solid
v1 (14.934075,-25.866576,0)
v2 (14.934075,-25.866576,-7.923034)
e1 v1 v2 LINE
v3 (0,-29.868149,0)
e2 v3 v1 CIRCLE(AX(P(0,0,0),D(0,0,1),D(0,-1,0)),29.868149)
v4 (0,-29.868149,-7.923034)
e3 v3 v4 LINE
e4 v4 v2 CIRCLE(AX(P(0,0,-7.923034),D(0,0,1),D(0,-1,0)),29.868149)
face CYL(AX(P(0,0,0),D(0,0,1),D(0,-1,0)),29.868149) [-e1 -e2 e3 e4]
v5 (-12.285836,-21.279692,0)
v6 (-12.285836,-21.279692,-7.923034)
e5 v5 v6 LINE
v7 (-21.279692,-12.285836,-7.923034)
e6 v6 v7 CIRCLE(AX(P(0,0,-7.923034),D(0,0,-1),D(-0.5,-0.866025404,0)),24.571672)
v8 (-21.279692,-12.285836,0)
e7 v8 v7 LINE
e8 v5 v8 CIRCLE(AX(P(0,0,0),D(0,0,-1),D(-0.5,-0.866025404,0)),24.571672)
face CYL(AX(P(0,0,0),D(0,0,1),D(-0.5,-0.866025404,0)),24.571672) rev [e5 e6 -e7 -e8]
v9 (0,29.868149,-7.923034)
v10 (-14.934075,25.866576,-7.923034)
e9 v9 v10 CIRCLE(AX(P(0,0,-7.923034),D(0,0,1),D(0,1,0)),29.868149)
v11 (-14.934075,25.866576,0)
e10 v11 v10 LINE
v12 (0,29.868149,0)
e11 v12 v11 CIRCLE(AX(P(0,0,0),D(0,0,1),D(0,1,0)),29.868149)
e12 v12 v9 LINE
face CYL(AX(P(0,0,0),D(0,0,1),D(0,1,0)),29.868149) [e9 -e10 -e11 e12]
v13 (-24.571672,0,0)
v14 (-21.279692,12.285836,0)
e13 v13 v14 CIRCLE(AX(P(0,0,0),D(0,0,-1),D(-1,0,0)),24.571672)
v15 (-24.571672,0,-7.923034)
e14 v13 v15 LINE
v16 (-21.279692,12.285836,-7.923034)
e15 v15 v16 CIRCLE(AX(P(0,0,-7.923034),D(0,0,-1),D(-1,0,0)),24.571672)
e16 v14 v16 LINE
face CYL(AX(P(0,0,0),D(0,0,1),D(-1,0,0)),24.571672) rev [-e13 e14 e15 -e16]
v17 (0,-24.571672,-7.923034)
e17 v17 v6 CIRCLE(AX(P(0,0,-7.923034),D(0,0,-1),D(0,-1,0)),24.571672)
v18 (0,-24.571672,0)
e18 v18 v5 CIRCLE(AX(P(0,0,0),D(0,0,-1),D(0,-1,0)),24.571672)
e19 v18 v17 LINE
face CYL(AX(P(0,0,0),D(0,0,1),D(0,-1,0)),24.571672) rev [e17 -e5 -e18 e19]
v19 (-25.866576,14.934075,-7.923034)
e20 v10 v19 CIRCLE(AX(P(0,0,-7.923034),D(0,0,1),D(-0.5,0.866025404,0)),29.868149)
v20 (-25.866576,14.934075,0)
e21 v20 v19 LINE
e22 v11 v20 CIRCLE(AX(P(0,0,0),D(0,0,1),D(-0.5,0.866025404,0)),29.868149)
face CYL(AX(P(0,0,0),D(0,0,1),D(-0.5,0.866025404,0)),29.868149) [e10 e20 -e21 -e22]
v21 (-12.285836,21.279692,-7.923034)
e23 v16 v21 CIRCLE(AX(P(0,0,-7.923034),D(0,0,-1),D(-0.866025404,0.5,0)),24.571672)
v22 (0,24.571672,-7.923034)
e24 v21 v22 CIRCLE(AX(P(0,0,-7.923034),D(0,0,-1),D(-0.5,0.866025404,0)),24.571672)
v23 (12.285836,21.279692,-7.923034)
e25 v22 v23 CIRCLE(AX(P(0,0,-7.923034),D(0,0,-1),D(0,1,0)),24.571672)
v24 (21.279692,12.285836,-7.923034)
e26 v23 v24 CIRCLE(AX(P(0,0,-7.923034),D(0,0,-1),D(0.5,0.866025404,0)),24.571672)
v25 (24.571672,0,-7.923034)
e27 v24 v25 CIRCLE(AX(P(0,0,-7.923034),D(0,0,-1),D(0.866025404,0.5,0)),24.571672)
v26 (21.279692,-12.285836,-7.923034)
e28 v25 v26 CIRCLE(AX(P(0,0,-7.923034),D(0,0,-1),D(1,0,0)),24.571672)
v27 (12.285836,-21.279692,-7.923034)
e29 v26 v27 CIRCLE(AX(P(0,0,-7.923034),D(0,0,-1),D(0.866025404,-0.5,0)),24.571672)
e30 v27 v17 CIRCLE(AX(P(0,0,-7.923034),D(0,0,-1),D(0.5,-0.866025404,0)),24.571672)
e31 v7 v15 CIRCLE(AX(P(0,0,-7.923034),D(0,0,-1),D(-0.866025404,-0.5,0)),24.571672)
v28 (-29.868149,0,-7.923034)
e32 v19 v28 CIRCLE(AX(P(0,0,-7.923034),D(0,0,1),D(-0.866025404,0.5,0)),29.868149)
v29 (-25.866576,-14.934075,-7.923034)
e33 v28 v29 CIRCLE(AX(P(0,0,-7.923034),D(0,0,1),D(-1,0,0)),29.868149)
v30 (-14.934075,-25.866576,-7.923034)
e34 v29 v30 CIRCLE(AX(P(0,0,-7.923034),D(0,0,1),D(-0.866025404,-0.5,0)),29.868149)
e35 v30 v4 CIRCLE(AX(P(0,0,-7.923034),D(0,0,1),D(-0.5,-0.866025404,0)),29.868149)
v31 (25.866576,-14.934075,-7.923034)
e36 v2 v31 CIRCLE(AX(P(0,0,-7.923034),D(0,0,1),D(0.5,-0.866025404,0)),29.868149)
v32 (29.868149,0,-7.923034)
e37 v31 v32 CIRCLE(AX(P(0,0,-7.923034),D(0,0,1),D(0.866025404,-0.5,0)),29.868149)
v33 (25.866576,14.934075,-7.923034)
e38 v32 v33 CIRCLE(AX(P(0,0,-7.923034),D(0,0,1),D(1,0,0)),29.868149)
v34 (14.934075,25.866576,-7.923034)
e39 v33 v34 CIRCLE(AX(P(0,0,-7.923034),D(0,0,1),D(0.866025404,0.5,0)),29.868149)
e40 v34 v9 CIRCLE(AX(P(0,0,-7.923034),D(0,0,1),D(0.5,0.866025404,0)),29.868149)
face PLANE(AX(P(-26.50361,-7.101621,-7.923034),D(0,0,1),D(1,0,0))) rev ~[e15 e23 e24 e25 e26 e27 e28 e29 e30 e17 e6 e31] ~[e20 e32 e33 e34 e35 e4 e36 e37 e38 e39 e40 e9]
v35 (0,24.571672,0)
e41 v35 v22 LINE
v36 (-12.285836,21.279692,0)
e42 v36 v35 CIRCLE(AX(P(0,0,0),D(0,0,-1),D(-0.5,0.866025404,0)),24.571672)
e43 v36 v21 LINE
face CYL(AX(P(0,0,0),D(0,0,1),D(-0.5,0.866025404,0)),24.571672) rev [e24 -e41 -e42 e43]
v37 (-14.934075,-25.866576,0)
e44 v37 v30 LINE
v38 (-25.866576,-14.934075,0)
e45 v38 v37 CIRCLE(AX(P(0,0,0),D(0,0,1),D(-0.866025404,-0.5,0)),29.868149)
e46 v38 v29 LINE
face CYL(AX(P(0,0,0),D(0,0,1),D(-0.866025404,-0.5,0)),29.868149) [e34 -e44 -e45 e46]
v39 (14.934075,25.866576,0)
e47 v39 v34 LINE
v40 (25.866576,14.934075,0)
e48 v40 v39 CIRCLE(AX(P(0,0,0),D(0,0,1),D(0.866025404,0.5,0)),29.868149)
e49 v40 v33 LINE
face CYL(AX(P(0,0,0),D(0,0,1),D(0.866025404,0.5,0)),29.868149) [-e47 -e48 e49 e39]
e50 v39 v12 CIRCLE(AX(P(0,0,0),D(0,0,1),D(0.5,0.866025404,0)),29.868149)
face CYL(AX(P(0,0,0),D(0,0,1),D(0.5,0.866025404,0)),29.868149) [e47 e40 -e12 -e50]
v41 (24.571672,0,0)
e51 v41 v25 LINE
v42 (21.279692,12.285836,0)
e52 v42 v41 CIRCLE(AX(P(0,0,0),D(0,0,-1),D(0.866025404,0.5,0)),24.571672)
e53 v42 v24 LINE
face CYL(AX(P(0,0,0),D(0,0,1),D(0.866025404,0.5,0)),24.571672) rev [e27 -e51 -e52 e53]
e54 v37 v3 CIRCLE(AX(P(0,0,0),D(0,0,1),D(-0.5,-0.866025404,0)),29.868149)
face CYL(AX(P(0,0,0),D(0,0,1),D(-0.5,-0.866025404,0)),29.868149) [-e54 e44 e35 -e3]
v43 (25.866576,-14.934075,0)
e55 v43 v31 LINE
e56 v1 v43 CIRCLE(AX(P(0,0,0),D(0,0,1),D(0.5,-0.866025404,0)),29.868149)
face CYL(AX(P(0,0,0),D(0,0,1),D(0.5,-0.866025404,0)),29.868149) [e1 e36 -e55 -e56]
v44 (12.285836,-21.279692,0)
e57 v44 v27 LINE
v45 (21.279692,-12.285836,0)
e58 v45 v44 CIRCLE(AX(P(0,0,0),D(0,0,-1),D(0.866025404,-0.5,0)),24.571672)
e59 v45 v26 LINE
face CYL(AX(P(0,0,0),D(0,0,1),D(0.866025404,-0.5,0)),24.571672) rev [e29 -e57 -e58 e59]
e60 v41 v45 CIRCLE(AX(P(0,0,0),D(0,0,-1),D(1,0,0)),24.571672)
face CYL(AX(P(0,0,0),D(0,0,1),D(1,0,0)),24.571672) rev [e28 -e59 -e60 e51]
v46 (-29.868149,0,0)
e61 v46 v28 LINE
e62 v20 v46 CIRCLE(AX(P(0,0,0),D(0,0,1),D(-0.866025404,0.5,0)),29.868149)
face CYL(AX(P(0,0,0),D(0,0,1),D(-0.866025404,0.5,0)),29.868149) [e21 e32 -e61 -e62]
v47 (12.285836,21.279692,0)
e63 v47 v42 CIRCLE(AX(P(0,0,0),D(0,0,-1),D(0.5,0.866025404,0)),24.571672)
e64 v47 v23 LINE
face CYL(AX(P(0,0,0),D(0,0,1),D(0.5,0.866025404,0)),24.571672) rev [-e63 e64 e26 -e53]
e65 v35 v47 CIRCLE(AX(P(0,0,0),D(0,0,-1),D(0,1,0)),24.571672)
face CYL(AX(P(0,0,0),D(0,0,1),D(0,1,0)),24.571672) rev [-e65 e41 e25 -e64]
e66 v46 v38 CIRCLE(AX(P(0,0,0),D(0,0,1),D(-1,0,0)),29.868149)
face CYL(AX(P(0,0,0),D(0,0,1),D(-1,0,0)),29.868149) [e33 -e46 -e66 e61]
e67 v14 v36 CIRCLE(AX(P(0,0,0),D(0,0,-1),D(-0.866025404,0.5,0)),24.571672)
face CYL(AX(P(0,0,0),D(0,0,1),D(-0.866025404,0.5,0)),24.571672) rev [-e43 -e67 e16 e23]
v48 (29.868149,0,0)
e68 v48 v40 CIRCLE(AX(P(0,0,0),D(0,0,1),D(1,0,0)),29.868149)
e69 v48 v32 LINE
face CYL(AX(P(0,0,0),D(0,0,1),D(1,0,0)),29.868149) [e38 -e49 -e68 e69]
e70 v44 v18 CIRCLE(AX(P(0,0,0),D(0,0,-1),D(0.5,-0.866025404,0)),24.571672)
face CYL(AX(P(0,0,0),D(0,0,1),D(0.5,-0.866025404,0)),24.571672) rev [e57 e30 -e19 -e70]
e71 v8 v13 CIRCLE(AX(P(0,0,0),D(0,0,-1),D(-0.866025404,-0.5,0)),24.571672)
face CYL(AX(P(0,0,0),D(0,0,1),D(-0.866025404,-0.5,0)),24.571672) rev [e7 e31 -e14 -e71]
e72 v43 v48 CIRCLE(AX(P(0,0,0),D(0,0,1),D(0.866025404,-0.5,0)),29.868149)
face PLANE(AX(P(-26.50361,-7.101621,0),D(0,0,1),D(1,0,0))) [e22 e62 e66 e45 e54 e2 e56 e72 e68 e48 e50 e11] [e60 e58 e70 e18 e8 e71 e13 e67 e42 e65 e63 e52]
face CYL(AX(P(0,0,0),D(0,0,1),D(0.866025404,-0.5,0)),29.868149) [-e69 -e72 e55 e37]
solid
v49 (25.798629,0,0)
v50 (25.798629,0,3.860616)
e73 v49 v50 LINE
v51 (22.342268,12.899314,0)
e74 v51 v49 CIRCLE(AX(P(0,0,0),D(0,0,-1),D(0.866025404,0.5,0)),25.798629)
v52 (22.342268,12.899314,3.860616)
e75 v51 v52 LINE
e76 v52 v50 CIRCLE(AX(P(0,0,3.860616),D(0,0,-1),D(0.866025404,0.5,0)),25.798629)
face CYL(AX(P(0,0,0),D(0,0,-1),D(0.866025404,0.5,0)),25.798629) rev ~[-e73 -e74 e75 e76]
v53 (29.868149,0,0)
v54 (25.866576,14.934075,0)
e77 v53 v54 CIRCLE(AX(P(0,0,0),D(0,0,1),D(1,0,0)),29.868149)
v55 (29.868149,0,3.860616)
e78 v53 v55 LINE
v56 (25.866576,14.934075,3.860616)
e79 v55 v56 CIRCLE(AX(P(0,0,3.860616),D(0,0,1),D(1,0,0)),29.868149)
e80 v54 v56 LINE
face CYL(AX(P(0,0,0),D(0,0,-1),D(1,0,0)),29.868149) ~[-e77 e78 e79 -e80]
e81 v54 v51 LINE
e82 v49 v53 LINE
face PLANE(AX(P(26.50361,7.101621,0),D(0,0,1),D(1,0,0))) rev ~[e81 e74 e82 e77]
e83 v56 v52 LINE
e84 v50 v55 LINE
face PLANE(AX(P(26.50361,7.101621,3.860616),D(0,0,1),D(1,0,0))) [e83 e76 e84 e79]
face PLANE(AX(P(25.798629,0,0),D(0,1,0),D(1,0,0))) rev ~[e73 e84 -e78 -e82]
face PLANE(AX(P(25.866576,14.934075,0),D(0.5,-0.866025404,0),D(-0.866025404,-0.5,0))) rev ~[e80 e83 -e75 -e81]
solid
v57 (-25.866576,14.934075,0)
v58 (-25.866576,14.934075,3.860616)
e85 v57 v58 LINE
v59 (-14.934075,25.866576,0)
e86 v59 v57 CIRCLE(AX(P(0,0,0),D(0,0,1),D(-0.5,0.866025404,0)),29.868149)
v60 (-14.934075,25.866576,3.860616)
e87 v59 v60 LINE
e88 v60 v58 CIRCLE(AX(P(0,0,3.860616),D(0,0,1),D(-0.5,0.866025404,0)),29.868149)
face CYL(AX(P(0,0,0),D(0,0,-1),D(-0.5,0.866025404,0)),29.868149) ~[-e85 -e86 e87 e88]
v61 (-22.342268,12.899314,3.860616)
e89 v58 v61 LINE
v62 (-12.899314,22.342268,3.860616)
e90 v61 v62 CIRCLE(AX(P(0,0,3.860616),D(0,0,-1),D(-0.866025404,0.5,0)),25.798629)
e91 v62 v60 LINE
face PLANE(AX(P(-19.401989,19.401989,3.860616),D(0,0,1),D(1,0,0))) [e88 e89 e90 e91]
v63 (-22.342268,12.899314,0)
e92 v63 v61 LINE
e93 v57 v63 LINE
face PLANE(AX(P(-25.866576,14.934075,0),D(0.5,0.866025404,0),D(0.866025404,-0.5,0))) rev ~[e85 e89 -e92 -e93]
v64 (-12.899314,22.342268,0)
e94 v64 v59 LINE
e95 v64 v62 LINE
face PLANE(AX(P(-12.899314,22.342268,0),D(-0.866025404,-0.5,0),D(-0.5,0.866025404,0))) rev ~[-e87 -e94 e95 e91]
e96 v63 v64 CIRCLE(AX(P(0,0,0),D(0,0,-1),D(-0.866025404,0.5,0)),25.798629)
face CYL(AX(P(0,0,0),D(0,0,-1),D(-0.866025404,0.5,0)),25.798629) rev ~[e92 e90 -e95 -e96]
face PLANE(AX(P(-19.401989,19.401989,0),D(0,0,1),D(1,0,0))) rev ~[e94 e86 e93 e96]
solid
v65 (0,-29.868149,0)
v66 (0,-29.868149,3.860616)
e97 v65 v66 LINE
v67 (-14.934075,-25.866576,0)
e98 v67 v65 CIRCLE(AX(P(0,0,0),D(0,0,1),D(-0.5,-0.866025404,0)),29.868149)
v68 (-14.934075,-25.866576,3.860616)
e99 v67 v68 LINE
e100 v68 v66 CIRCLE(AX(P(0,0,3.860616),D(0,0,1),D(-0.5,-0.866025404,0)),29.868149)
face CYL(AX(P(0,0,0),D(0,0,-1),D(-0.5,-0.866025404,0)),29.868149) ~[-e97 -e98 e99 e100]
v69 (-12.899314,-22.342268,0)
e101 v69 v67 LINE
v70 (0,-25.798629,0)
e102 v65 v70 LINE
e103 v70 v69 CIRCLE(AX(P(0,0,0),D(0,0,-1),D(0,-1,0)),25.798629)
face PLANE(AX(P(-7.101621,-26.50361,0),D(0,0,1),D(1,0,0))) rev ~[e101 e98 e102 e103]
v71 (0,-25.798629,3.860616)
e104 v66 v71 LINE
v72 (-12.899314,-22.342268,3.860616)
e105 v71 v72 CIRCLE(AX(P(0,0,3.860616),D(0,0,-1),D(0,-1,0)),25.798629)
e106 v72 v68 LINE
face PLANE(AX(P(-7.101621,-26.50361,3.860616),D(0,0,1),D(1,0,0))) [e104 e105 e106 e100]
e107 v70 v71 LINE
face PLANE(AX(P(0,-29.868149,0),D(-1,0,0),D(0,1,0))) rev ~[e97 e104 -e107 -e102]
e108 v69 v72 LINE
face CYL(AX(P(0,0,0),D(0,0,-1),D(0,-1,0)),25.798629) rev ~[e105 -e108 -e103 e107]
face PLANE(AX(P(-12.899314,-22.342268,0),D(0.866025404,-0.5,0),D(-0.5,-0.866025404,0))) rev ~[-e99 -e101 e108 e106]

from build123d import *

# Parameters (mm, degrees)
F1_DEPTH = 3.8606161252
F2_DEPTH = 7.9230344854


with BuildPart() as f1:
    # F0 (on Top) → F1 (new body)
    with BuildSketch(Plane.XY):
        with BuildLine():
            Line((25.7986287249, 0), (29.8681490033, 0))
            ThreePointArc((29.8681490033, 0), (28.8504165057, 7.730445804), (25.8665758009, 14.9340745016))
            Line((25.8665758009, 14.9340745016), (22.3422678585, 12.8993143624))
            ThreePointArc((22.3422678585, 12.8993143624), (24.9195617682, 6.6771764515), (25.7986287249, 0))
        make_face()
    extrude(amount=F1_DEPTH)


with BuildPart() as f1b:
    # F0 (on Top) → F1, piece 2 (new body)
    with BuildSketch(Plane.XY):
        with BuildLine():
            Line((-12.8993143624, 22.3422678585), (-14.9340745016, 25.8665758009))
            ThreePointArc((-14.9340745016, 25.8665758009), (-21.1199707017, 21.1199707017), (-25.8665758009, 14.9340745016))
            Line((-25.8665758009, 14.9340745016), (-22.3422678585, 12.8993143624))
            ThreePointArc((-22.3422678585, 12.8993143624), (-18.2423853167, 18.2423853167), (-12.8993143624, 22.3422678585))
        make_face()
    extrude(amount=F1_DEPTH)


with BuildPart() as f1c:
    # F0 (on Top) → F1, piece 3 (new body)
    with BuildSketch(Plane.XY):
        with BuildLine():
            ThreePointArc((-14.9340745016, -25.8665758009), (-7.730445804, -28.8504165057), (0, -29.8681490033))
            Line((0, -29.8681490033), (0, -25.7986287249))
            ThreePointArc((0, -25.7986287249), (-6.6771764515, -24.9195617682), (-12.8993143624, -22.3422678585))
            Line((-12.8993143624, -22.3422678585), (-14.9340745016, -25.8665758009))
        make_face()
    extrude(amount=F1_DEPTH)


with BuildPart() as f2:
    # F0 (on Top) → F2 (new body)
    with BuildSketch(Plane.XY):
        with BuildLine():
            ThreePointArc((-29.8681490033, 0), (-28.8504165057, -7.730445804), (-25.8665758009, -14.9340745016))
            Line((-25.8665758009, -14.9340745016), (-22.3422678585, -12.8993143624))
            ThreePointArc((-22.3422678585, -12.8993143624), (-24.9195617682, -6.6771764515), (-25.7986287249, 0))
            Line((-25.7986287249, 0), (-29.8681490033, 0))
        make_face()
        with BuildLine():
            ThreePointArc((-21.2796921999, -12.2858360199), (-23.7344126183, -6.3596166939), (-24.5716720398, 0))
            Line((-24.5716720398, 0), (-25.7986287249, 0))
            ThreePointArc((-25.7986287249, 0), (-24.9195617682, -6.6771764515), (-22.3422678585, -12.8993143624))
            Line((-22.3422678585, -12.8993143624), (-21.2796921999, -12.2858360199))
        make_face()
        with BuildLine():
            ThreePointArc((-25.8665758009, -14.9340745016), (-21.1199707017, -21.1199707017), (-14.9340745016, -25.8665758009))
            Line((-14.9340745016, -25.8665758009), (-12.8993143624, -22.3422678585))
            ThreePointArc((-12.8993143624, -22.3422678585), (-18.2423853167, -18.2423853167), (-22.3422678585, -12.8993143624))
            Line((-22.3422678585, -12.8993143624), (-25.8665758009, -14.9340745016))
        make_face()
        with BuildLine():
            ThreePointArc((-12.2858360199, -21.2796921999), (-17.3747959244, -17.3747959244), (-21.2796921999, -12.2858360199))
            Line((-21.2796921999, -12.2858360199), (-22.3422678585, -12.8993143624))
            ThreePointArc((-22.3422678585, -12.8993143624), (-18.2423853167, -18.2423853167), (-12.8993143624, -22.3422678585))
            Line((-12.8993143624, -22.3422678585), (-12.2858360199, -21.2796921999))
        make_face()
        with BuildLine():
            ThreePointArc((-12.8993143624, -22.3422678585), (-6.6771764515, -24.9195617682), (0, -25.7986287249))
            Line((0, -25.7986287249), (0, -24.5716720398))
            ThreePointArc((0, -24.5716720398), (-6.3596166939, -23.7344126183), (-12.2858360199, -21.2796921999))
            Line((-12.2858360199, -21.2796921999), (-12.8993143624, -22.3422678585))
        make_face()
        with BuildLine():
            ThreePointArc((-14.9340745016, -25.8665758009), (-7.730445804, -28.8504165057), (0, -29.8681490033))
            Line((0, -29.8681490033), (0, -25.7986287249))
            ThreePointArc((0, -25.7986287249), (-6.6771764515, -24.9195617682), (-12.8993143624, -22.3422678585))
            Line((-12.8993143624, -22.3422678585), (-14.9340745016, -25.8665758009))
        make_face()
        with BuildLine():
            ThreePointArc((0, -29.8681490033), (7.730445804, -28.8504165057), (14.9340745016, -25.8665758009))
            Line((14.9340745016, -25.8665758009), (12.8993143624, -22.3422678585))
            ThreePointArc((12.8993143624, -22.3422678585), (6.6771764515, -24.9195617682), (0, -25.7986287249))
            Line((0, -25.7986287249), (0, -29.8681490033))
        make_face()
        with BuildLine():
            ThreePointArc((0, -25.7986287249), (6.6771764515, -24.9195617682), (12.8993143624, -22.3422678585))
            Line((12.8993143624, -22.3422678585), (12.2858360199, -21.2796921999))
            ThreePointArc((12.2858360199, -21.2796921999), (6.3596166939, -23.7344126183), (0, -24.5716720398))
            Line((0, -24.5716720398), (0, -25.7986287249))
        make_face()
        with BuildLine():
            ThreePointArc((14.9340745016, -25.8665758009), (21.1199707017, -21.1199707017), (25.8665758009, -14.9340745016))
            Line((25.8665758009, -14.9340745016), (22.3422678585, -12.8993143624))
            ThreePointArc((22.3422678585, -12.8993143624), (18.2423853167, -18.2423853167), (12.8993143624, -22.3422678585))
            Line((12.8993143624, -22.3422678585), (14.9340745016, -25.8665758009))
        make_face()
        with BuildLine():
            ThreePointArc((12.8993143624, -22.3422678585), (18.2423853167, -18.2423853167), (22.3422678585, -12.8993143624))
            Line((22.3422678585, -12.8993143624), (21.2796921999, -12.2858360199))
            ThreePointArc((21.2796921999, -12.2858360199), (17.3747959244, -17.3747959244), (12.2858360199, -21.2796921999))
            Line((12.2858360199, -21.2796921999), (12.8993143624, -22.3422678585))
        make_face()
        with BuildLine():
            ThreePointArc((22.3422678585, -12.8993143624), (24.9195617682, -6.6771764515), (25.7986287249, 0))
            Line((25.7986287249, 0), (24.5716720398, 0))
            ThreePointArc((24.5716720398, 0), (23.7344126183, -6.3596166939), (21.2796921999, -12.2858360199))
            Line((21.2796921999, -12.2858360199), (22.3422678585, -12.8993143624))
        make_face()
        with BuildLine():
            ThreePointArc((25.8665758009, -14.9340745016), (28.8504165057, -7.730445804), (29.8681490033, 0))
            Line((29.8681490033, 0), (25.7986287249, 0))
            ThreePointArc((25.7986287249, 0), (24.9195617682, -6.6771764515), (22.3422678585, -12.8993143624))
            Line((22.3422678585, -12.8993143624), (25.8665758009, -14.9340745016))
        make_face()
        with BuildLine():
            Line((25.7986287249, 0), (29.8681490033, 0))
            ThreePointArc((29.8681490033, 0), (28.8504165057, 7.730445804), (25.8665758009, 14.9340745016))
            Line((25.8665758009, 14.9340745016), (22.3422678585, 12.8993143624))
            ThreePointArc((22.3422678585, 12.8993143624), (24.9195617682, 6.6771764515), (25.7986287249, 0))
        make_face()
        with BuildLine():
            Line((-12.8993143624, 22.3422678585), (-14.9340745016, 25.8665758009))
            ThreePointArc((-14.9340745016, 25.8665758009), (-21.1199707017, 21.1199707017), (-25.8665758009, 14.9340745016))
            Line((-25.8665758009, 14.9340745016), (-22.3422678585, 12.8993143624))
            ThreePointArc((-22.3422678585, 12.8993143624), (-18.2423853167, 18.2423853167), (-12.8993143624, 22.3422678585))
        make_face()
        with BuildLine():
            Line((22.3422678585, 12.8993143624), (25.8665758009, 14.9340745016))
            ThreePointArc((25.8665758009, 14.9340745016), (21.1199707017, 21.1199707017), (14.9340745016, 25.8665758009))
            Line((14.9340745016, 25.8665758009), (12.8993143624, 22.3422678585))
            ThreePointArc((12.8993143624, 22.3422678585), (18.2423853167, 18.2423853167), (22.3422678585, 12.8993143624))
        make_face()
        with BuildLine():
            Line((12.8993143624, 22.3422678585), (14.9340745016, 25.8665758009))
            ThreePointArc((14.9340745016, 25.8665758009), (7.730445804, 28.8504165057), (0, 29.8681490033))
            Line((0, 29.8681490033), (0, 25.7986287249))
            ThreePointArc((0, 25.7986287249), (6.6771764515, 24.9195617682), (12.8993143624, 22.3422678585))
        make_face()
        with BuildLine():
            Line((0, 25.7986287249), (0, 29.8681490033))
            ThreePointArc((0, 29.8681490033), (-7.730445804, 28.8504165057), (-14.9340745016, 25.8665758009))
            Line((-14.9340745016, 25.8665758009), (-12.8993143624, 22.3422678585))
            ThreePointArc((-12.8993143624, 22.3422678585), (-6.6771764515, 24.9195617682), (0, 25.7986287249))
        make_face()
        with BuildLine():
            Line((-22.3422678585, 12.8993143624), (-25.8665758009, 14.9340745016))
            ThreePointArc((-25.8665758009, 14.9340745016), (-28.8504165057, 7.730445804), (-29.8681490033, 0))
            Line((-29.8681490033, 0), (-25.7986287249, 0))
            ThreePointArc((-25.7986287249, 0), (-24.9195617682, 6.6771764515), (-22.3422678585, 12.8993143624))
        make_face()
        with BuildLine():
            ThreePointArc((-24.5716720398, 0), (-23.7344126183, 6.3596166939), (-21.2796921999, 12.2858360199))
            Line((-21.2796921999, 12.2858360199), (-22.3422678585, 12.8993143624))
            ThreePointArc((-22.3422678585, 12.8993143624), (-24.9195617682, 6.6771764515), (-25.7986287249, 0))
            Line((-25.7986287249, 0), (-24.5716720398, 0))
        make_face()
        with BuildLine():
            ThreePointArc((-21.2796921999, 12.2858360199), (-17.3747959244, 17.3747959244), (-12.2858360199, 21.2796921999))
            Line((-12.2858360199, 21.2796921999), (-12.8993143624, 22.3422678585))
            ThreePointArc((-12.8993143624, 22.3422678585), (-18.2423853167, 18.2423853167), (-22.3422678585, 12.8993143624))
            Line((-22.3422678585, 12.8993143624), (-21.2796921999, 12.2858360199))
        make_face()
        with BuildLine():
            Line((0, 24.5716720398), (0, 25.7986287249))
            ThreePointArc((0, 25.7986287249), (-6.6771764515, 24.9195617682), (-12.8993143624, 22.3422678585))
            Line((-12.8993143624, 22.3422678585), (-12.2858360199, 21.2796921999))
            ThreePointArc((-12.2858360199, 21.2796921999), (-6.3596166939, 23.7344126183), (0, 24.5716720398))
        make_face()
        with BuildLine():
            Line((12.2858360199, 21.2796921999), (12.8993143624, 22.3422678585))
            ThreePointArc((12.8993143624, 22.3422678585), (6.6771764515, 24.9195617682), (0, 25.7986287249))
            Line((0, 25.7986287249), (0, 24.5716720398))
            ThreePointArc((0, 24.5716720398), (6.3596166939, 23.7344126183), (12.2858360199, 21.2796921999))
        make_face()
        with BuildLine():
            Line((21.2796921999, 12.2858360199), (22.3422678585, 12.8993143624))
            ThreePointArc((22.3422678585, 12.8993143624), (18.2423853167, 18.2423853167), (12.8993143624, 22.3422678585))
            Line((12.8993143624, 22.3422678585), (12.2858360199, 21.2796921999))
            ThreePointArc((12.2858360199, 21.2796921999), (17.3747959244, 17.3747959244), (21.2796921999, 12.2858360199))
        make_face()
        with BuildLine():
            Line((24.5716720398, 0), (25.7986287249, 0))
            ThreePointArc((25.7986287249, 0), (24.9195617682, 6.6771764515), (22.3422678585, 12.8993143624))
            Line((22.3422678585, 12.8993143624), (21.2796921999, 12.2858360199))
            ThreePointArc((21.2796921999, 12.2858360199), (23.7344126183, 6.3596166939), (24.5716720398, 0))
        make_face()
    extrude(amount=-F2_DEPTH)


solid = Compound([f1.part, f1b.part, f1c.part, f2.part])
